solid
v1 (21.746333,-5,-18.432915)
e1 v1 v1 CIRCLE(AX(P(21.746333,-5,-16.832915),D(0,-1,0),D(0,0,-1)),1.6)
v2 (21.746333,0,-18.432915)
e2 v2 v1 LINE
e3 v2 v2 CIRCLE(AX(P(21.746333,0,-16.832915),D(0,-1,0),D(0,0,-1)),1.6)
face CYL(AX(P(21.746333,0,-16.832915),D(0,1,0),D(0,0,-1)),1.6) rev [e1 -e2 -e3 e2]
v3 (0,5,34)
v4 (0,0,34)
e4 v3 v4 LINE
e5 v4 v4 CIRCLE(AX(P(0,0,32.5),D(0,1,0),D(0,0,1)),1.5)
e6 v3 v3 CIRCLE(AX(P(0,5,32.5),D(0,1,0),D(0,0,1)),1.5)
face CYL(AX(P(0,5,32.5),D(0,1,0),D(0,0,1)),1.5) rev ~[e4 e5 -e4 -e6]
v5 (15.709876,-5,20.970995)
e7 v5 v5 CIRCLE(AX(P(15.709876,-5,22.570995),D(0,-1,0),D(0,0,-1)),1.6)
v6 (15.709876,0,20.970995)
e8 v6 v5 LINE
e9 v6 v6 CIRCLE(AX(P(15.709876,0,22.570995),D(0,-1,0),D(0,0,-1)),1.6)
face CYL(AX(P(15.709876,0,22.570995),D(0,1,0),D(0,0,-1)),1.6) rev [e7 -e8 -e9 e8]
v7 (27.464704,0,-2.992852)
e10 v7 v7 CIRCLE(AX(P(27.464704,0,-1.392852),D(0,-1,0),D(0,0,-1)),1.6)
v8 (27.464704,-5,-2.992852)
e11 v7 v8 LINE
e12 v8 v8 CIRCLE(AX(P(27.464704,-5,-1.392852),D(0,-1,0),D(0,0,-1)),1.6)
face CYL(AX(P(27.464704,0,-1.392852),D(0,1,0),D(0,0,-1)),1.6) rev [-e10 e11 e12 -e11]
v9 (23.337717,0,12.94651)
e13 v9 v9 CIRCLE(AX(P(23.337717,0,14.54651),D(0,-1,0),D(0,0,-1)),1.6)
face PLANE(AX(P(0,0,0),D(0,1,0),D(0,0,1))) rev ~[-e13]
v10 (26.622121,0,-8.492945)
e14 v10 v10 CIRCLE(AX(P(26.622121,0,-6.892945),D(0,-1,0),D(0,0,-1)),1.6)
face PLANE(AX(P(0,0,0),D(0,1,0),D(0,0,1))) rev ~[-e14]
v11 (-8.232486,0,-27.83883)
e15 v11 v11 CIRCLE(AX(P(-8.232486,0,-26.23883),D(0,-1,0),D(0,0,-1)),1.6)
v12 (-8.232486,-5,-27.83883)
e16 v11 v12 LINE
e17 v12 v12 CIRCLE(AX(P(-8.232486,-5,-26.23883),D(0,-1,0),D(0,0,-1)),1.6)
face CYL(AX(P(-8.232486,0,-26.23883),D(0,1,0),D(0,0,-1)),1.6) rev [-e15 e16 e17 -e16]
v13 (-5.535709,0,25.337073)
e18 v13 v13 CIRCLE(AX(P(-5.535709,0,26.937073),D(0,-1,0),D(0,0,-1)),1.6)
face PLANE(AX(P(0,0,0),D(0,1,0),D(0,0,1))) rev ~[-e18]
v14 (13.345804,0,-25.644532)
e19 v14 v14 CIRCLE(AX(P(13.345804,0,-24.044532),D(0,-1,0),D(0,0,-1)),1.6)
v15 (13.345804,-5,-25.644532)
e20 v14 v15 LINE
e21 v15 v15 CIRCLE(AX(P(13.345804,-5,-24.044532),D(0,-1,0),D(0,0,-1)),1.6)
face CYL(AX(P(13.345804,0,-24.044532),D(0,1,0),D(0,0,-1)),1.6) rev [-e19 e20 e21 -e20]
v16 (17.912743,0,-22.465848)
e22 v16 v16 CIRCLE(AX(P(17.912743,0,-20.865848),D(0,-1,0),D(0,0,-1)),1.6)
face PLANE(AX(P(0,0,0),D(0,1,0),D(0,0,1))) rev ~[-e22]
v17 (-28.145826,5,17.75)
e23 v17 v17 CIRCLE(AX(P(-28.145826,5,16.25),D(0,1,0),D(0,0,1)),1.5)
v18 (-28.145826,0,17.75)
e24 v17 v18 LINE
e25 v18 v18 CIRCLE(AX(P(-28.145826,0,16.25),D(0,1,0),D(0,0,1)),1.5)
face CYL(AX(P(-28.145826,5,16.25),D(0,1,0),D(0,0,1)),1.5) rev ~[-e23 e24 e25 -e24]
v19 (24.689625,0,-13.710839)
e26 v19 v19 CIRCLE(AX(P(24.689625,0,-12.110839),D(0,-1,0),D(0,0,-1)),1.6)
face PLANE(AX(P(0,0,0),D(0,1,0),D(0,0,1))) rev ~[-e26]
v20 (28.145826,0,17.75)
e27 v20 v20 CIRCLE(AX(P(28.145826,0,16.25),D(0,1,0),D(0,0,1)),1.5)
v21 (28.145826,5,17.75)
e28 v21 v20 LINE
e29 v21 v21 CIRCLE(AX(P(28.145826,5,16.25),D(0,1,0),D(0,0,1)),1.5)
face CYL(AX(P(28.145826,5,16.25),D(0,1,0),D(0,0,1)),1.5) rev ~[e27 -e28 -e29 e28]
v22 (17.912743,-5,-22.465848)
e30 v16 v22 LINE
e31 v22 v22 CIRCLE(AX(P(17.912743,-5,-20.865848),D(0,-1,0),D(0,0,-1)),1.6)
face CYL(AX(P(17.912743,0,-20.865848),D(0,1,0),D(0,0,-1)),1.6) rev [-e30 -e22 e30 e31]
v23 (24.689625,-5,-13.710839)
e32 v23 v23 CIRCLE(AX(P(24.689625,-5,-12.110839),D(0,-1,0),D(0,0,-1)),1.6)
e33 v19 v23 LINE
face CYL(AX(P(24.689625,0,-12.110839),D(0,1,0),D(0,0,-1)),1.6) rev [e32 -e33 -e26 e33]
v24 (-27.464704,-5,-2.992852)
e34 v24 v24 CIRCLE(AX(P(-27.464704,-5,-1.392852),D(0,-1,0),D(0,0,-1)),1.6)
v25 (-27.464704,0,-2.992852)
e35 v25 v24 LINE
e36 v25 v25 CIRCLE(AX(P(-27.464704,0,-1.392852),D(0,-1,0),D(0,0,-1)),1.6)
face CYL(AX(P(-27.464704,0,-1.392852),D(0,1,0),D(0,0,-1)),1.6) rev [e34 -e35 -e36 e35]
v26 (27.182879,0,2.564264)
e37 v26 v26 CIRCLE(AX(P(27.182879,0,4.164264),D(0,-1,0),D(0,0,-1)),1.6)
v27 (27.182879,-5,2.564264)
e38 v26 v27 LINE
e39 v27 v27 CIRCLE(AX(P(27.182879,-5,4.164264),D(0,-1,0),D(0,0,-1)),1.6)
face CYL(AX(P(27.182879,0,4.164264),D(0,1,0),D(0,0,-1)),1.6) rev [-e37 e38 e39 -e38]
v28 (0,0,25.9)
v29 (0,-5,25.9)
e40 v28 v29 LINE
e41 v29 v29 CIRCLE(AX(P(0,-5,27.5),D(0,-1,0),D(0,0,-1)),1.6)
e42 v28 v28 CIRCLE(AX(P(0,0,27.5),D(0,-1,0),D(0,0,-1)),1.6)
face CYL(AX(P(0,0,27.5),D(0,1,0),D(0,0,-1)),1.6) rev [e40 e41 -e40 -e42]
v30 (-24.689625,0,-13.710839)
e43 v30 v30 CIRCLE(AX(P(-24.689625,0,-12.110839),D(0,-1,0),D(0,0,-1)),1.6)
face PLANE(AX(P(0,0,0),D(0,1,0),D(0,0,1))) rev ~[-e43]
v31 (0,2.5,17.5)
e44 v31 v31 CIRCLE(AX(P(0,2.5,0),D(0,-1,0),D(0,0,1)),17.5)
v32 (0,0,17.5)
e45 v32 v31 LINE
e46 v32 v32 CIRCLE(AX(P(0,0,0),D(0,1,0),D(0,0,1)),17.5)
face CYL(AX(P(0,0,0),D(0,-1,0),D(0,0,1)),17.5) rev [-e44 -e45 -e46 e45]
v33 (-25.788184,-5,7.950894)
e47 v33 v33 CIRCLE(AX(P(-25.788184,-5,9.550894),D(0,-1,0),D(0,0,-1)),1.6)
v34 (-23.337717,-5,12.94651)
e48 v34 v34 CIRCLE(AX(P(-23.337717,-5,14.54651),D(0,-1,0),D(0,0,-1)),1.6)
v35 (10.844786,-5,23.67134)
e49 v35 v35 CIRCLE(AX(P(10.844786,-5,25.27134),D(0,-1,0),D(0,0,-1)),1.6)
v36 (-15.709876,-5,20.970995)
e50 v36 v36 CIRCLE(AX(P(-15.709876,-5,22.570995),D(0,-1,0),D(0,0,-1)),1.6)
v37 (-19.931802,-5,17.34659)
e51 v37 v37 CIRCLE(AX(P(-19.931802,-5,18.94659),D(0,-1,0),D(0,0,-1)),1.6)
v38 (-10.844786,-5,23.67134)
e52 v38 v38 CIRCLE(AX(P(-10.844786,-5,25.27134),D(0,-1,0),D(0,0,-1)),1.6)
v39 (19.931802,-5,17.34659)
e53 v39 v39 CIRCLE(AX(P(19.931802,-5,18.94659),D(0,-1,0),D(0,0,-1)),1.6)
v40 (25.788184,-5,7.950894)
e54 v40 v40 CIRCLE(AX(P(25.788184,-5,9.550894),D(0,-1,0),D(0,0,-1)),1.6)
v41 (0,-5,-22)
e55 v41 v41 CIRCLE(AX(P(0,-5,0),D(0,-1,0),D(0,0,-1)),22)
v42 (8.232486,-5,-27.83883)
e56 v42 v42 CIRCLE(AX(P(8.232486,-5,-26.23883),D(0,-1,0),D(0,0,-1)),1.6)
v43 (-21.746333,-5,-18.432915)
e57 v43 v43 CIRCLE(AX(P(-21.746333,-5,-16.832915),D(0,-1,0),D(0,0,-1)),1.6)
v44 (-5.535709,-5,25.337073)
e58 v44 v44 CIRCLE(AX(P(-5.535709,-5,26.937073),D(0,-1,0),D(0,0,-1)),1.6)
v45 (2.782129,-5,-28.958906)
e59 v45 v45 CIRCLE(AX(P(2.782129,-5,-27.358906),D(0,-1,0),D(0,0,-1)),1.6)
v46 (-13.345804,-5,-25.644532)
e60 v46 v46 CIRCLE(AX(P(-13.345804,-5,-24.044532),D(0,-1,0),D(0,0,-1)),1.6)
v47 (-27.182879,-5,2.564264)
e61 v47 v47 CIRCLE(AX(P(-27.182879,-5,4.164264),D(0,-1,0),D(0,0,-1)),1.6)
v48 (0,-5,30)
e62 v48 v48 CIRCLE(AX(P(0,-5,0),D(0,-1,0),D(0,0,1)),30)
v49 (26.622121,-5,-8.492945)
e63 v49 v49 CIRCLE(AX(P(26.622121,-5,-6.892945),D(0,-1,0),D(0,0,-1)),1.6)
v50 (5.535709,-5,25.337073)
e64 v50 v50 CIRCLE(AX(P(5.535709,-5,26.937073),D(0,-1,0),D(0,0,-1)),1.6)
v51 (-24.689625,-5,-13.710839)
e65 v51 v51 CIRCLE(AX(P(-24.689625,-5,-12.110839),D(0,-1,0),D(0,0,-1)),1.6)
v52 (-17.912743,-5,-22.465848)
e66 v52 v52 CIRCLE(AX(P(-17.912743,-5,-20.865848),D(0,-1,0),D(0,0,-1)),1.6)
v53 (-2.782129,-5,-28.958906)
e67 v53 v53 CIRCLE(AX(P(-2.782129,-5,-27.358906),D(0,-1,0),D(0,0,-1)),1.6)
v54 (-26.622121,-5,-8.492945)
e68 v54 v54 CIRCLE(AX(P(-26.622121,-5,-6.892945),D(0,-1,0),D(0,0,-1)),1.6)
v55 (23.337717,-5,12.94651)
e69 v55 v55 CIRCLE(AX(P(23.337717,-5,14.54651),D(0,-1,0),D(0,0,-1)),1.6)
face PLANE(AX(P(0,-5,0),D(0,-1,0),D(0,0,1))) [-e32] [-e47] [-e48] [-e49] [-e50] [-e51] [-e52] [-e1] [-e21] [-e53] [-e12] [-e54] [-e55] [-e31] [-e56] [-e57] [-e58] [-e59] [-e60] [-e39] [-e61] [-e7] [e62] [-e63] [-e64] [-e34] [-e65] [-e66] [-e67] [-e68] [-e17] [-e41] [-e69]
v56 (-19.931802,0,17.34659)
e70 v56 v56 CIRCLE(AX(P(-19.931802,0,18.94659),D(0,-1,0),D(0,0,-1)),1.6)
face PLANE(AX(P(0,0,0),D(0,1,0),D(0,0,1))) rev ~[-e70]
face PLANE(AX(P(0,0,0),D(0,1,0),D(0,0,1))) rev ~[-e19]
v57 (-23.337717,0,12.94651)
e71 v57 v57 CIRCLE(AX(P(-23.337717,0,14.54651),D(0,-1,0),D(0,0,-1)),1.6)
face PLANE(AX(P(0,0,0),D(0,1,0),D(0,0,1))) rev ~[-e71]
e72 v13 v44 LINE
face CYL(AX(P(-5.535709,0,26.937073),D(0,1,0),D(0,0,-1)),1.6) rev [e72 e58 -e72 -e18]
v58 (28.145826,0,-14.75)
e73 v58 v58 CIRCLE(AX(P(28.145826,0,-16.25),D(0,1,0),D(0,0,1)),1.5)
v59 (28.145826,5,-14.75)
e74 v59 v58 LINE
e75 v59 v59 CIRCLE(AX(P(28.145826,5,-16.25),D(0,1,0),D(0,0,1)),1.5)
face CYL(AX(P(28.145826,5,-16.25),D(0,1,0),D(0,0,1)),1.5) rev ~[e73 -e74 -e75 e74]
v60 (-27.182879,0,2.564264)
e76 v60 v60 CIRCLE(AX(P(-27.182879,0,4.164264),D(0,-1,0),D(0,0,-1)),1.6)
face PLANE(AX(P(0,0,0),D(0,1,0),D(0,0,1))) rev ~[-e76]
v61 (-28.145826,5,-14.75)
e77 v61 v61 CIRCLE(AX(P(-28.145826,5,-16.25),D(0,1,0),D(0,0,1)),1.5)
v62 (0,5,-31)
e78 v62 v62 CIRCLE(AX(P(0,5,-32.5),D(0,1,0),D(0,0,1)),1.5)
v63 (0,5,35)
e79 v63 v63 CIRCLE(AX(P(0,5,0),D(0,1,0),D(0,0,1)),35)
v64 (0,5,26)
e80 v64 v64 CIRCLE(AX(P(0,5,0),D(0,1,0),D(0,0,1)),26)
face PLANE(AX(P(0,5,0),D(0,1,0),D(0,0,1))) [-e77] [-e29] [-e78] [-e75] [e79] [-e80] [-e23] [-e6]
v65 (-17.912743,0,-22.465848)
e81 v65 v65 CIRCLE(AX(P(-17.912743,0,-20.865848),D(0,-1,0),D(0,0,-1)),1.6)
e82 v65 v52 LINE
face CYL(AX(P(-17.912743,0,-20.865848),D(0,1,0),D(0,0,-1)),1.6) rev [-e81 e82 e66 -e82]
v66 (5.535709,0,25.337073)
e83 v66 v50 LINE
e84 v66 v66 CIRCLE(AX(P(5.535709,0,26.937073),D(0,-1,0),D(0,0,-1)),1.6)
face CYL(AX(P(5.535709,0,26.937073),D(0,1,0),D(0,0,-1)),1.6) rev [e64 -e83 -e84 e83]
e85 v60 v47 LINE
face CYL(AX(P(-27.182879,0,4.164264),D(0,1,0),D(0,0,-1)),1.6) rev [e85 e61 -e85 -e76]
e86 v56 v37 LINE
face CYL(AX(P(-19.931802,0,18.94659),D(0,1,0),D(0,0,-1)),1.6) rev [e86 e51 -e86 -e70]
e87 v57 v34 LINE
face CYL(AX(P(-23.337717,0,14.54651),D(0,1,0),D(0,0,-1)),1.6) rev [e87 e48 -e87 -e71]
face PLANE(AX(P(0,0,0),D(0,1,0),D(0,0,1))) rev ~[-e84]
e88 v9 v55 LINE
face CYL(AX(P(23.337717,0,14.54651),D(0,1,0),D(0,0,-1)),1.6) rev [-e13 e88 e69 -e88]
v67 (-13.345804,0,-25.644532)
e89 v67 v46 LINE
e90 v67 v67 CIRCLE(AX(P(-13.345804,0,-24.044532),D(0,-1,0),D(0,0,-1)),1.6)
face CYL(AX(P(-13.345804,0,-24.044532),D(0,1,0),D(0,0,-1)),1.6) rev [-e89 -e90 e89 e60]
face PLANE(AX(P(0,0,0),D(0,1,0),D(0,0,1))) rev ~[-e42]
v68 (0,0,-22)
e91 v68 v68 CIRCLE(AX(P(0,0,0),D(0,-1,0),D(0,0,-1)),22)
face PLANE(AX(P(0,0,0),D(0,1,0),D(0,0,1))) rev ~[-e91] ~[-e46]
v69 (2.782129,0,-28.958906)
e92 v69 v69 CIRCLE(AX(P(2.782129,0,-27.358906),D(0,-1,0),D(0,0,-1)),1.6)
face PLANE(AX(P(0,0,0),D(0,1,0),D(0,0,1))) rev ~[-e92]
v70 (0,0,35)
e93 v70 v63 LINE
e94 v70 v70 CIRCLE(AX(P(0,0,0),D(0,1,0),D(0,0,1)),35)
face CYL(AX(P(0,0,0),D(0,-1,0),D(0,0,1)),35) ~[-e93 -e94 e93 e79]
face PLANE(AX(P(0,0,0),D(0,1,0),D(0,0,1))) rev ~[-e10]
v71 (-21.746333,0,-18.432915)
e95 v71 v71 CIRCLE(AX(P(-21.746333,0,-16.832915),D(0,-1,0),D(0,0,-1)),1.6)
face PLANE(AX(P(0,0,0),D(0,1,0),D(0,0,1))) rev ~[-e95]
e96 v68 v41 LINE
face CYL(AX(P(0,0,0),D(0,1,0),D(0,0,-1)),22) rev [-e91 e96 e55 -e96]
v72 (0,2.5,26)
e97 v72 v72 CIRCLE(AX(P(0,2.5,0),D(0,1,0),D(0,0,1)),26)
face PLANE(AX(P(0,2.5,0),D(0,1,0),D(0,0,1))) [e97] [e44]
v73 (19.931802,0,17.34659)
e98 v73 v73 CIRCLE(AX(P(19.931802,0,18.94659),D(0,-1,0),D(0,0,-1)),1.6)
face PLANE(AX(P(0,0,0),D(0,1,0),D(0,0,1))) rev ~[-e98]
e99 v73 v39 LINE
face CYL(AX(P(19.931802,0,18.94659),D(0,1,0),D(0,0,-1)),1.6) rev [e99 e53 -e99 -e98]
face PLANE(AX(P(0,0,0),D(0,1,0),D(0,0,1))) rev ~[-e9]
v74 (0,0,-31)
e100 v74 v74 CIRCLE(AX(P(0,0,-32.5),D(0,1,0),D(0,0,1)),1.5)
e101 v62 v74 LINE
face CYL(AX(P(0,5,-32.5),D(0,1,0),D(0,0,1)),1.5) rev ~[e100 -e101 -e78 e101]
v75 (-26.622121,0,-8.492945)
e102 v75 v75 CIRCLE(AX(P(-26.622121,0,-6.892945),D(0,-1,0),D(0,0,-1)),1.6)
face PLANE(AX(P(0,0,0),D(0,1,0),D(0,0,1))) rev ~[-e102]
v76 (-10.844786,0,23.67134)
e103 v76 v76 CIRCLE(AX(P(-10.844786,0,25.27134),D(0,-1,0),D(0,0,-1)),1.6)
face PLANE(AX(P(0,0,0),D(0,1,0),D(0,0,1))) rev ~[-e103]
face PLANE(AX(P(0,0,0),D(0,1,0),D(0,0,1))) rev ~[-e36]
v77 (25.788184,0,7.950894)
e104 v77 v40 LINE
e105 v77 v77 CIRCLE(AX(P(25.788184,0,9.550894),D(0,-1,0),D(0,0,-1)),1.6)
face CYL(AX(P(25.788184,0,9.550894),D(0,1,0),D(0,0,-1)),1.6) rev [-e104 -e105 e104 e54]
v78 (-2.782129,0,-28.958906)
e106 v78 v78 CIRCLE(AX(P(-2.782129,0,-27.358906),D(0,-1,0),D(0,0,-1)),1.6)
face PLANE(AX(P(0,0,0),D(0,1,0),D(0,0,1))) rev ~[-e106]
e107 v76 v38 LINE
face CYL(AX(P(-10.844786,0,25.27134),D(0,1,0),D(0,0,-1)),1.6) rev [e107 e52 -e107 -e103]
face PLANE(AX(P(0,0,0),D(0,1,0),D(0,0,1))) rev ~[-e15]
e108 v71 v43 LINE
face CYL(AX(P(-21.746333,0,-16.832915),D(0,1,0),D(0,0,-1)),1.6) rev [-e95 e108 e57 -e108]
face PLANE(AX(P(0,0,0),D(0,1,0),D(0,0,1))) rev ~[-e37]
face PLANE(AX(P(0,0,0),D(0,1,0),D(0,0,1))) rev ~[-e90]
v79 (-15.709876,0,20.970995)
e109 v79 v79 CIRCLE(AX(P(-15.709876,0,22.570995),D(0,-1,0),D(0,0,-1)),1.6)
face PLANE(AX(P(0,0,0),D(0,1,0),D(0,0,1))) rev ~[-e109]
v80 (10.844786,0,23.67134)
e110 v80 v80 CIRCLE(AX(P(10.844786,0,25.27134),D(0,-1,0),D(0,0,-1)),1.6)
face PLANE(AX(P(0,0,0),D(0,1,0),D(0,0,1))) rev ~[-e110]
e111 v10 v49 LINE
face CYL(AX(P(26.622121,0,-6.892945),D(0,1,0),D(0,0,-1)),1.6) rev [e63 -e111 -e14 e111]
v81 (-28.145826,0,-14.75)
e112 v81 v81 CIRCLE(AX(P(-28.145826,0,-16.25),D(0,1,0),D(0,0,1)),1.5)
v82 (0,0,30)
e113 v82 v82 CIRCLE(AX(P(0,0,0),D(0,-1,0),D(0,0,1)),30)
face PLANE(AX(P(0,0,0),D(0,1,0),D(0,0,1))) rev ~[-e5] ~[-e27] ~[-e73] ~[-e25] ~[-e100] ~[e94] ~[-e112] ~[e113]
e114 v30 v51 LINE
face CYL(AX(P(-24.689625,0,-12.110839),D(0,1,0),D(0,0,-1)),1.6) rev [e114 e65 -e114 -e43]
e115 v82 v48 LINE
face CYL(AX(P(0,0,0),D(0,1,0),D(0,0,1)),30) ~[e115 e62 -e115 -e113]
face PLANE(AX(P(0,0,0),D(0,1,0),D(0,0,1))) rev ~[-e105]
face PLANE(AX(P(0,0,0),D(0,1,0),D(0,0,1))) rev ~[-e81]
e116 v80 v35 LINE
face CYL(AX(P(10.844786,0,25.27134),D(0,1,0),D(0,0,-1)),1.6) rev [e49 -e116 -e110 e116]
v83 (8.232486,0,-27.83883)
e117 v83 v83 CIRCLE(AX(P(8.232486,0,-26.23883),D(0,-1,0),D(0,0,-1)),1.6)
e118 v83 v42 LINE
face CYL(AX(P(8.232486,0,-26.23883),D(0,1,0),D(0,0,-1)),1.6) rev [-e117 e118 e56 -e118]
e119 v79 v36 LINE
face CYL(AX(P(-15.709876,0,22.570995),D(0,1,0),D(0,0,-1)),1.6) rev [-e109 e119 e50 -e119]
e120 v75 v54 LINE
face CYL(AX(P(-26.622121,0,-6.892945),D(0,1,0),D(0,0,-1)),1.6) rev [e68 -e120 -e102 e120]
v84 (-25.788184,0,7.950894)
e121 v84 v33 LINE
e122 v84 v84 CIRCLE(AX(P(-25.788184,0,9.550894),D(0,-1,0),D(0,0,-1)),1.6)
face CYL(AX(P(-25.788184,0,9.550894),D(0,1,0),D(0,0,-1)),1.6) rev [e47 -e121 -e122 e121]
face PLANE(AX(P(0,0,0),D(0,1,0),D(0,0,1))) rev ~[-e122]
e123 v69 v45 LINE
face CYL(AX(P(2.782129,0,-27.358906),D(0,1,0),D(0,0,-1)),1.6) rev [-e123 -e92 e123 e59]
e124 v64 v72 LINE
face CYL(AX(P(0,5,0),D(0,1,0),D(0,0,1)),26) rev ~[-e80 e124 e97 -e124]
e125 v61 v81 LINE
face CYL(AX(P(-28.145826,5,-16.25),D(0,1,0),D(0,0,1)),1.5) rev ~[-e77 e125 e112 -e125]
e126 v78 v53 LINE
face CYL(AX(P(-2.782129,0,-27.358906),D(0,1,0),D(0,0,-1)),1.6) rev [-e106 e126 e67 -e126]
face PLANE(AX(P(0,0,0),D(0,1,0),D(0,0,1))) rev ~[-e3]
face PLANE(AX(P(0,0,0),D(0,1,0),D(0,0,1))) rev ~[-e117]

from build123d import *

# Parameters (mm, degrees)
SKETCH1_R           = 35
SKETCH1_R_2         = 17.5
BOSS_EXTRUDE1_DEPTH = 5
SKETCH2_R           = 30
SKETCH2_R_2         = 22
SKETCH2_R_3         = 1.6
BOSS_EXTRUDE2_DEPTH = 5
SKETCH3_R           = 1.5
CUT_EXTRUDE1_DEPTH  = 5
SKETCH4_R           = 26
CUT_EXTRUDE2_DEPTH  = 2.5


with BuildPart() as part:
    # Sketch1 → Boss-Extrude1 (new body)
    with BuildSketch(Plane(origin=(0, 0, 0), x_dir=(1, 0, 0), z_dir=(0, 1, 0))):
        with Locations(Location((0, 0, 0), (0, 0, 270))):
            Circle(SKETCH1_R)
        with Locations(Location((0, 0, 0), (0, 0, 270))):
            Circle(SKETCH1_R_2, mode=Mode.SUBTRACT)
    extrude(amount=BOSS_EXTRUDE1_DEPTH)

    # Sketch2 → Boss-Extrude2 (add)
    with BuildSketch(Plane.XZ):
        with Locations(Location((0, 0, 0), (0, 0, 90))):
            Circle(SKETCH2_R)
        with Locations(Location((0, 0, 0), (0, 0, 270))):
            Circle(SKETCH2_R_2, mode=Mode.SUBTRACT)
        with Locations(Location((0, 27.5, 0), (0, 0, 270))):
            Circle(SKETCH2_R_3, mode=Mode.SUBTRACT)
        with Locations(Location((5.535709302, 26.937073384, 0), (0, 0, 270))):
            Circle(SKETCH2_R_3, mode=Mode.SUBTRACT)
        with Locations(Location((10.844786016, 25.27133982, 0), (0, 0, 270))):
            Circle(SKETCH2_R_3, mode=Mode.SUBTRACT)
        with Locations(Location((15.709875915, 22.570994633, 0), (0, 0, 270))):
            Circle(SKETCH2_R_3, mode=Mode.SUBTRACT)
        with Locations(Location((19.931801649, 18.946590275, 0), (0, 0, 270))):
            Circle(SKETCH2_R_3, mode=Mode.SUBTRACT)
        with Locations(Location((23.337717081, 14.546510284, 0), (0, 0, 270))):
            Circle(SKETCH2_R_3, mode=Mode.SUBTRACT)
        with Locations(Location((25.788183634, 9.550894453, 0), (0, 0, 270))):
            Circle(SKETCH2_R_3, mode=Mode.SUBTRACT)
        with Locations(Location((27.182878919, 4.164263881, 0), (0, 0, 270))):
            Circle(SKETCH2_R_3, mode=Mode.SUBTRACT)
        with Locations(Location((27.464703947, -1.392852143, 0), (0, 0, 270))):
            Circle(SKETCH2_R_3, mode=Mode.SUBTRACT)
        with Locations(Location((26.622120769, -6.892944637, 0), (0, 0, 270))):
            Circle(SKETCH2_R_3, mode=Mode.SUBTRACT)
        with Locations(Location((24.689624838, -12.110839168, 0), (0, 0, 270))):
            Circle(SKETCH2_R_3, mode=Mode.SUBTRACT)
        with Locations(Location((21.746332766, -16.83291452, 0), (0, 0, 270))):
            Circle(SKETCH2_R_3, mode=Mode.SUBTRACT)
        with Locations(Location((17.912743275, -20.865848374, 0), (0, 0, 270))):
            Circle(SKETCH2_R_3, mode=Mode.SUBTRACT)
        with Locations(Location((13.34580397, -24.044531944, 0), (0, 0, 270))):
            Circle(SKETCH2_R_3, mode=Mode.SUBTRACT)
        with Locations(Location((8.232485882, -26.238829551, 0), (0, 0, 270))):
            Circle(SKETCH2_R_3, mode=Mode.SUBTRACT)
        with Locations(Location((2.782128855, -27.358906393, 0), (0, 0, 270))):
            Circle(SKETCH2_R_3, mode=Mode.SUBTRACT)
        with Locations(Location((-2.782128855, -27.358906393, 0), (0, 0, 270))):
            Circle(SKETCH2_R_3, mode=Mode.SUBTRACT)
        with Locations(Location((-8.232485882, -26.238829551, 0), (0, 0, 270))):
            Circle(SKETCH2_R_3, mode=Mode.SUBTRACT)
        with Locations(Location((-13.34580397, -24.044531944, 0), (0, 0, 270))):
            Circle(SKETCH2_R_3, mode=Mode.SUBTRACT)
        with Locations(Location((-17.912743275, -20.865848374, 0), (0, 0, 270))):
            Circle(SKETCH2_R_3, mode=Mode.SUBTRACT)
        with Locations(Location((-21.746332766, -16.83291452, 0), (0, 0, 270))):
            Circle(SKETCH2_R_3, mode=Mode.SUBTRACT)
        with Locations(Location((-24.689624838, -12.110839168, 0), (0, 0, 270))):
            Circle(SKETCH2_R_3, mode=Mode.SUBTRACT)
        with Locations(Location((-26.622120769, -6.892944637, 0), (0, 0, 270))):
            Circle(SKETCH2_R_3, mode=Mode.SUBTRACT)
        with Locations(Location((-27.464703947, -1.392852143, 0), (0, 0, 270))):
            Circle(SKETCH2_R_3, mode=Mode.SUBTRACT)
        with Locations(Location((-27.182878919, 4.164263881, 0), (0, 0, 270))):
            Circle(SKETCH2_R_3, mode=Mode.SUBTRACT)
        with Locations(Location((-25.788183634, 9.550894453, 0), (0, 0, 270))):
            Circle(SKETCH2_R_3, mode=Mode.SUBTRACT)
        with Locations(Location((-23.337717081, 14.546510284, 0), (0, 0, 270))):
            Circle(SKETCH2_R_3, mode=Mode.SUBTRACT)
        with Locations(Location((-19.931801649, 18.946590275, 0), (0, 0, 270))):
            Circle(SKETCH2_R_3, mode=Mode.SUBTRACT)
        with Locations(Location((-15.709875915, 22.570994633, 0), (0, 0, 270))):
            Circle(SKETCH2_R_3, mode=Mode.SUBTRACT)
        with Locations(Location((-10.844786016, 25.27133982, 0), (0, 0, 270))):
            Circle(SKETCH2_R_3, mode=Mode.SUBTRACT)
        with Locations(Location((-5.535709302, 26.937073384, 0), (0, 0, 270))):
            Circle(SKETCH2_R_3, mode=Mode.SUBTRACT)
    extrude(amount=BOSS_EXTRUDE2_DEPTH)

    # Sketch3 → Cut-Extrude1 (cut)
    with BuildSketch(Plane(origin=(0, 5, 0), x_dir=(1, 0, 0), z_dir=(0, 1, 0))):
        with Locations(Location((0, 32.5, 0), (0, 0, 270))):
            Circle(SKETCH3_R)
        with Locations(Location((28.145825623, 16.25, 0), (0, 0, 270))):
            Circle(SKETCH3_R)
        with Locations(Location((28.145825623, -16.25, 0), (0, 0, 270))):
            Circle(SKETCH3_R)
        with Locations(Location((0, -32.5, 0), (0, 0, 270))):
            Circle(SKETCH3_R)
        with Locations(Location((-28.145825623, -16.25, 0), (0, 0, 270))):
            Circle(SKETCH3_R)
        with Locations(Location((-28.145825623, 16.25, 0), (0, 0, 270))):
            Circle(SKETCH3_R)
    extrude(amount=-CUT_EXTRUDE1_DEPTH, mode=Mode.SUBTRACT)

    # Sketch4 → Cut-Extrude2 (cut)
    with BuildSketch(Plane(origin=(0, 5, 0), x_dir=(1, 0, 0), z_dir=(0, 1, 0))):
        with Locations(Location((0, 0, 0), (0, 0, 270))):
            Circle(SKETCH4_R)
    extrude(amount=-CUT_EXTRUDE2_DEPTH, mode=Mode.SUBTRACT)


solid = part.part
